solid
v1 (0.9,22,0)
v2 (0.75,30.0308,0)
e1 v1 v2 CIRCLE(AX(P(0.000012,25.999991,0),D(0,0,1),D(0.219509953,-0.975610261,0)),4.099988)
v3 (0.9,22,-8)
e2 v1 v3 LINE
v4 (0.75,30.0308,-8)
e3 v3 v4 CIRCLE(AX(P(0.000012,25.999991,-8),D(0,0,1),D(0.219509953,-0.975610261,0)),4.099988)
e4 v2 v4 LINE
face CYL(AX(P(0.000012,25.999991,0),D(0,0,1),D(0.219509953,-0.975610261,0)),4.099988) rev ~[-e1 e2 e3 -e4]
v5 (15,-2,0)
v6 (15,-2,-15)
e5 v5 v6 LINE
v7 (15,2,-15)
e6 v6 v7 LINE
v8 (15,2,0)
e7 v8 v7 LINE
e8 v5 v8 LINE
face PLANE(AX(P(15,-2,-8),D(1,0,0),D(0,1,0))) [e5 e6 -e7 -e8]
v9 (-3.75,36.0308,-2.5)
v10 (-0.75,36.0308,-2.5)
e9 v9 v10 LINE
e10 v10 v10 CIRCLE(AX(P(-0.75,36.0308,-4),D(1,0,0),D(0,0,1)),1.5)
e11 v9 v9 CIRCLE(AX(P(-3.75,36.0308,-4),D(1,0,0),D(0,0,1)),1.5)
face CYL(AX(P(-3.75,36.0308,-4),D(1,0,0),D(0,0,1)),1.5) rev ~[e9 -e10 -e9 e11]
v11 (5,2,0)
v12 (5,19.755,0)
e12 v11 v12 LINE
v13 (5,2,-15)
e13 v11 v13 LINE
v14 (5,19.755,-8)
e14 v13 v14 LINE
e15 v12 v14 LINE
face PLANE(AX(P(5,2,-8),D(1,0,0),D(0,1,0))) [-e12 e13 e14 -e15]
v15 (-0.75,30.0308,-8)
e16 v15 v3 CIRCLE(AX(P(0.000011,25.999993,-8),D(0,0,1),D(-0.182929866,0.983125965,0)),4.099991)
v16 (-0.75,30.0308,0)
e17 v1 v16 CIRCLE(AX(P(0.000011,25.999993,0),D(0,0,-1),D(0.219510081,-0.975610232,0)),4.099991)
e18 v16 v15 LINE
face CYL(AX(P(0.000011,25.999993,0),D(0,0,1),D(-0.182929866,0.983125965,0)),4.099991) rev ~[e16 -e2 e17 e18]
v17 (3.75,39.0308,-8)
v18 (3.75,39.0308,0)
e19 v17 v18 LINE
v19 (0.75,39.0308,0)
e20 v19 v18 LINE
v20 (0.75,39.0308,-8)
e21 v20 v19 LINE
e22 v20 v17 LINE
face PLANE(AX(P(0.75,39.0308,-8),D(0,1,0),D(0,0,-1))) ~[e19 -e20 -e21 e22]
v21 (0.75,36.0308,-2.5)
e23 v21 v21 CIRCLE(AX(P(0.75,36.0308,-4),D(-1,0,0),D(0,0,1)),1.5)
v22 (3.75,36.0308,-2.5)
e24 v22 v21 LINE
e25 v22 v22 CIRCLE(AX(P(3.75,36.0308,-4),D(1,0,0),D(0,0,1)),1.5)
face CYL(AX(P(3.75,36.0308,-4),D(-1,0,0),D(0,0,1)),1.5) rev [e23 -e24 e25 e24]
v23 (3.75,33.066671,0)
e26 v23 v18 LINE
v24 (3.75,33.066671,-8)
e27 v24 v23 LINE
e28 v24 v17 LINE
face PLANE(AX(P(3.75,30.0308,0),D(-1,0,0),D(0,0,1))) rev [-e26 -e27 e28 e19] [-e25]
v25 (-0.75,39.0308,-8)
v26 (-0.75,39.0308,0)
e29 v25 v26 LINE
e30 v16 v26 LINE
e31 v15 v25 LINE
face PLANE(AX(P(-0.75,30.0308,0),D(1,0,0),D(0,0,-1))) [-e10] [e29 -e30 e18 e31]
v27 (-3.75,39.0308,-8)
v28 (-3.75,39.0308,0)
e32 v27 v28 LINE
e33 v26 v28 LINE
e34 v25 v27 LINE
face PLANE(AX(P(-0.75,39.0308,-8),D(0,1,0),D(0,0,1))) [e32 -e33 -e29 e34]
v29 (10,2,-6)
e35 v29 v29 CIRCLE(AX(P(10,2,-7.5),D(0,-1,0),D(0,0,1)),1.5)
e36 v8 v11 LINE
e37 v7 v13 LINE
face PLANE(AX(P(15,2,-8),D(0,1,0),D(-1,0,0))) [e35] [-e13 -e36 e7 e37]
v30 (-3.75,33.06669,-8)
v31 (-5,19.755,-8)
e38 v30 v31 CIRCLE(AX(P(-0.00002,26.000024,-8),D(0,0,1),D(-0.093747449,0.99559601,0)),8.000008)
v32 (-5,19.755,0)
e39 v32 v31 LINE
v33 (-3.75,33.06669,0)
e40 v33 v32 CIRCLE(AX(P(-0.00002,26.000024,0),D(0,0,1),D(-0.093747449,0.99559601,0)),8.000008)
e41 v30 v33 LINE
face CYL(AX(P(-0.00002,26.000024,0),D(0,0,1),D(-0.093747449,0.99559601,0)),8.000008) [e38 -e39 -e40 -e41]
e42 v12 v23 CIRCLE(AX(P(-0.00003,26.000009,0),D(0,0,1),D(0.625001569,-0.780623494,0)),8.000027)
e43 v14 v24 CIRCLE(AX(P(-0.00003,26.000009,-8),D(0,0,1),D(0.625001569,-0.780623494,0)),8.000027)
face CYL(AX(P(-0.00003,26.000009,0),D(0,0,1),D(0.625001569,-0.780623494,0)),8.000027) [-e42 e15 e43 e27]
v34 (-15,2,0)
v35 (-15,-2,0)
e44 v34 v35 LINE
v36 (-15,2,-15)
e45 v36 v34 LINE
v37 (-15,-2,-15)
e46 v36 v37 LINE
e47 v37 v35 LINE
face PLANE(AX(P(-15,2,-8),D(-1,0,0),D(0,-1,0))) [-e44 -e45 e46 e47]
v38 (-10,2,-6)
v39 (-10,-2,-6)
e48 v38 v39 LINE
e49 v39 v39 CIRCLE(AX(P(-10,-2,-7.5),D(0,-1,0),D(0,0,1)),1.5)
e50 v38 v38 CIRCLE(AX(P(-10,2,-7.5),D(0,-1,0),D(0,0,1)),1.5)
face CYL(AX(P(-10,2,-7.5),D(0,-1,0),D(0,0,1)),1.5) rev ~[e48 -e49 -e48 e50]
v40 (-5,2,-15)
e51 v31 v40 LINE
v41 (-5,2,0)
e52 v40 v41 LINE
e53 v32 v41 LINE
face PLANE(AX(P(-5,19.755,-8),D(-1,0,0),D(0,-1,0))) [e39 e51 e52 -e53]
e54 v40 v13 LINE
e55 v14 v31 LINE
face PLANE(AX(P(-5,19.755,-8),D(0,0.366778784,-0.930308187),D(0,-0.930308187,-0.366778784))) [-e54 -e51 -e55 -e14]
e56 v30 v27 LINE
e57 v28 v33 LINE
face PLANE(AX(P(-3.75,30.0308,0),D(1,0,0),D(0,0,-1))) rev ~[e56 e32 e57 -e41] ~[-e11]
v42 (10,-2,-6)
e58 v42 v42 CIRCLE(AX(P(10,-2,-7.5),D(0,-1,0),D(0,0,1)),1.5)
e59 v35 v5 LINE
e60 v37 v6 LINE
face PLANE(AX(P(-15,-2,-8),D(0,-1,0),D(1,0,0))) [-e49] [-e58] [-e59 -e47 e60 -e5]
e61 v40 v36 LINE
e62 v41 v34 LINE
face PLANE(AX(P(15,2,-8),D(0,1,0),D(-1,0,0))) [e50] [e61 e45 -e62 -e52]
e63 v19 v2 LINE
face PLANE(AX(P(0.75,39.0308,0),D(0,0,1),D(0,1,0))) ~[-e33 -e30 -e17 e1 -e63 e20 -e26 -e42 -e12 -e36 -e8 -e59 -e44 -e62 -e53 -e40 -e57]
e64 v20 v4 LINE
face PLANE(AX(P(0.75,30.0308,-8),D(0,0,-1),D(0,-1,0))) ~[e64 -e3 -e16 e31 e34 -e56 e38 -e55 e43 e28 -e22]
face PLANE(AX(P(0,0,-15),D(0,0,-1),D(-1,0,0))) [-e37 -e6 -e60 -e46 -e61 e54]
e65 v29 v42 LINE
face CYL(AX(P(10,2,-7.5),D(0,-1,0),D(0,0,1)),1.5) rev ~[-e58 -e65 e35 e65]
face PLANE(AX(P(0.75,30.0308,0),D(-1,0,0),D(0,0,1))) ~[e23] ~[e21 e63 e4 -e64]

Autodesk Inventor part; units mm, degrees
ref_plane "YZ Plane" through (0, 0, 0) normal (1, 0, 0) x (0, 1, 0)
ref_plane "XZ Plane" through (0, 0, 0) normal (0, 1, 0) x (-1, 0, 0)
ref_plane "XY Plane" through (0, 0, 0) normal (0, 0, 1) x (1, 0, 0)
sketch "Szkic1" plane through (0, 0, 0) normal (0, 0, 1) x (1, 0, 0)
  line L0 (-15, -2) -> (15, -2)
  line L1 (15, -2) -> (15, 2)
  line L2 (15, 2) -> (5, 2)
  line L3 (-15, 2) -> (-15, -2)
  line L4 (-15, -2) -> (15, 2) construction
  line L5 (15, -2) -> (-15, 2) construction
  line L6 (-5, 2) -> (-0.75, 2)
  line L7 (5, 2) -> (5, 19.755)
  line L8 (5, 22) -> (-5, 22)
  line L9 (-5, 22) -> (-5, 2)
  line L10 (-0.75, 28.2995) -> (0.75, 28.2995)
  line L11 (0.75, 28.2995) -> (0.75, 33.9648)
  line L12 (0.75, 35.6626) -> (-0.75, 35.6626)
  line L13 (-0.75, 35.6626) -> (-0.75, 33.9648)
  line L14 (-0.75, 28.2995) -> (0.75, 35.6626) construction
  line L15 (0.75, 28.2995) -> (-0.75, 35.6626) construction
  line L16 (-0.75, 33.9648) -> (-0.75, 28.2995)
  arc A0 (5, 19.755) -> (0.75, 33.9648) centre (0, 26) ccw
  arc A1 (0.9, 22) -> (0.75, 30.0308) centre (0, 26) ccw
  arc A2 (-0.75, 30.0308) -> (0.9, 22) centre (0, 26) ccw
  arc A3 (-0.75, 33.9648) -> (-5, 19.755) centre (0, 26) ccw
  line L17 (0.75, 33.9648) -> (0.75, 35.6626)
  arc A4 (-5, 19.755) -> (2.749, 18.4871) centre (0, 26) ccw
  arc A5 (2.749, 18.4871) -> (5, 19.755) centre (0, 26) ccw
  line L18 (5, 19.755) -> (5, 22)
  line L19 (5, 2) -> (-15, 2)
  line L20 (-0.75, 2) -> (5, 2)
  point P0 (0, 0)
  point P1 (0, 31.981)
  dimension "d0" = 30
  dimension "d1" = 4
  dimension "d2" = 10
  dimension "d3" = 20
  dimension "d4" = 5
  dimension "d6" = 4
  dimension "d7" = 5
  dimension "d9" = 1.5
  dimension "d10" = 7.3631
  dimension "d11" = 31.981
  dimension "d12" = 5
  dimension "d13" = 8
  dimension "d14" = 4.1
extrude "Wyciągnięcie proste1" add sketch "Szkic1" against normal blind 8 contours L3 L19 L6 L2 L1 L0 | L9 A4 A5 L7 L19 L6 | A3 L16 A2 L8 L9 | L9 L8 A2 L18 A5 A4 | L18 L8 A1 L11 A0
sketch "Szkic2" plane through (0, 0, -8) normal (0, 0, -1) x (-1, 0, 0)
  line L0 (-15, 2) -> (15, 2)
  line L1 (15, 2) -> (15, -2)
  line L2 (15, -2) -> (-15, -2)
  line L3 (-15, -2) -> (-15, 2)
  point P0 (0, 0)
extrude "Wyciągnięcie proste2" add sketch "Szkic2" along normal blind 7
sketch "Szkic3" plane through (-0.75, 30.0308, 0) normal (1, 0, 0) x (0, 0, -1)
  line L0 (0, 3.9339) -> (0, 0) projected
  line L1 (0, 0) -> (8, 0)
  line L2 (8, 0) -> (8, 9)
  line L3 (8, 9) -> (0, 9)
  line L4 (0, 9) -> (0, 0)
  point P0 (0, -30.0308)
  dimension "d19" = 8
  dimension "d20" = 9
extrude "Wyciągnięcie proste3" add sketch "Szkic3" against normal blind 3
sketch "Szkic4" plane through (-3.75, 30.0308, 0) normal (-1, 0, 0) x (0, 0, 1)
  line L0 (0, 9) -> (-8, 9) projected
  line L1 (0, 3.0358) -> (0, 9) projected
  point P0 (0, -30.0308)
  point P1 (-4, 6)
  dimension "d23" = 3
  dimension "d24" = 4
hole "Otwór1" at (-3.75, 36.0308, -4) direction (1, 0, 0) diameter 3 depth 8 tip angle 118
mirror "Odbij1" about plane through (0, 0, 0) normal (1, 0, 0) of "Wyciągnięcie proste3", "Otwór1"
sketch "Szkic5" plane through (0, 0, -8) normal (0, 0, -1) x (-1, 0, 0)
  arc A0 (-3.75, 33.0666) -> (-5, 19.755) centre (0, 26) ccw projected
  line L0 (5, 2) -> (15, 2) projected
  line L1 (-5, 19.755) -> (5, 19.755)
  line L2 (5, 19.755) -> (5, 2)
  line L3 (5, 2) -> (-5, 2)
  line L4 (-5, 2) -> (-5, 19.755)
  point P0 (0, 0)
extrude "Wyciągnięcie proste4" add sketch "Szkic5" along normal blind 7
sketch "Szkic7" plane through (-5, 2, 0) normal (-1, 0, 0) x (0, 0, 1)
  line L0 (0, 17.755) -> (-8, 17.755) projected
  line L1 (-15, -4) -> (-15, 0) projected
  line L2 (-8, 17.755) -> (-15, 0)
  line L3 (-15, 17.755) -> (-15, 0) projected
  line L4 (-15, 0) -> (-15, 17.755)
  line L5 (-8, 17.755) -> (-15, 17.755) projected
  line L6 (-15, 17.755) -> (-8, 17.755)
  point P0 (0, -2)
extrude "Wyciągnięcie proste5" cut sketch "Szkic7" against normal through all
sketch "Szkic8" plane through (-15, 2, 0) normal (0, 1, 0) x (1, 0, 0)
  line L0 (0, 0) -> (0, 15) projected
  line L1 (0, 15) -> (10, 15) projected
  line L2 (15, 0) -> (15, 15) construction
  point P0 (5, 7.5)
  point P1 (25, 7.5)
  dimension "d36" = 5
  dimension "d37" = 7.5
hole "Otwór2" at (-10, 2, -7.5) at (10, 2, -7.5) direction (0, -1, 0) diameter 3 depth 8 tip angle 118
properties part number "Kamera_uchwyt" material "Tworzywo sztuczne PET"
